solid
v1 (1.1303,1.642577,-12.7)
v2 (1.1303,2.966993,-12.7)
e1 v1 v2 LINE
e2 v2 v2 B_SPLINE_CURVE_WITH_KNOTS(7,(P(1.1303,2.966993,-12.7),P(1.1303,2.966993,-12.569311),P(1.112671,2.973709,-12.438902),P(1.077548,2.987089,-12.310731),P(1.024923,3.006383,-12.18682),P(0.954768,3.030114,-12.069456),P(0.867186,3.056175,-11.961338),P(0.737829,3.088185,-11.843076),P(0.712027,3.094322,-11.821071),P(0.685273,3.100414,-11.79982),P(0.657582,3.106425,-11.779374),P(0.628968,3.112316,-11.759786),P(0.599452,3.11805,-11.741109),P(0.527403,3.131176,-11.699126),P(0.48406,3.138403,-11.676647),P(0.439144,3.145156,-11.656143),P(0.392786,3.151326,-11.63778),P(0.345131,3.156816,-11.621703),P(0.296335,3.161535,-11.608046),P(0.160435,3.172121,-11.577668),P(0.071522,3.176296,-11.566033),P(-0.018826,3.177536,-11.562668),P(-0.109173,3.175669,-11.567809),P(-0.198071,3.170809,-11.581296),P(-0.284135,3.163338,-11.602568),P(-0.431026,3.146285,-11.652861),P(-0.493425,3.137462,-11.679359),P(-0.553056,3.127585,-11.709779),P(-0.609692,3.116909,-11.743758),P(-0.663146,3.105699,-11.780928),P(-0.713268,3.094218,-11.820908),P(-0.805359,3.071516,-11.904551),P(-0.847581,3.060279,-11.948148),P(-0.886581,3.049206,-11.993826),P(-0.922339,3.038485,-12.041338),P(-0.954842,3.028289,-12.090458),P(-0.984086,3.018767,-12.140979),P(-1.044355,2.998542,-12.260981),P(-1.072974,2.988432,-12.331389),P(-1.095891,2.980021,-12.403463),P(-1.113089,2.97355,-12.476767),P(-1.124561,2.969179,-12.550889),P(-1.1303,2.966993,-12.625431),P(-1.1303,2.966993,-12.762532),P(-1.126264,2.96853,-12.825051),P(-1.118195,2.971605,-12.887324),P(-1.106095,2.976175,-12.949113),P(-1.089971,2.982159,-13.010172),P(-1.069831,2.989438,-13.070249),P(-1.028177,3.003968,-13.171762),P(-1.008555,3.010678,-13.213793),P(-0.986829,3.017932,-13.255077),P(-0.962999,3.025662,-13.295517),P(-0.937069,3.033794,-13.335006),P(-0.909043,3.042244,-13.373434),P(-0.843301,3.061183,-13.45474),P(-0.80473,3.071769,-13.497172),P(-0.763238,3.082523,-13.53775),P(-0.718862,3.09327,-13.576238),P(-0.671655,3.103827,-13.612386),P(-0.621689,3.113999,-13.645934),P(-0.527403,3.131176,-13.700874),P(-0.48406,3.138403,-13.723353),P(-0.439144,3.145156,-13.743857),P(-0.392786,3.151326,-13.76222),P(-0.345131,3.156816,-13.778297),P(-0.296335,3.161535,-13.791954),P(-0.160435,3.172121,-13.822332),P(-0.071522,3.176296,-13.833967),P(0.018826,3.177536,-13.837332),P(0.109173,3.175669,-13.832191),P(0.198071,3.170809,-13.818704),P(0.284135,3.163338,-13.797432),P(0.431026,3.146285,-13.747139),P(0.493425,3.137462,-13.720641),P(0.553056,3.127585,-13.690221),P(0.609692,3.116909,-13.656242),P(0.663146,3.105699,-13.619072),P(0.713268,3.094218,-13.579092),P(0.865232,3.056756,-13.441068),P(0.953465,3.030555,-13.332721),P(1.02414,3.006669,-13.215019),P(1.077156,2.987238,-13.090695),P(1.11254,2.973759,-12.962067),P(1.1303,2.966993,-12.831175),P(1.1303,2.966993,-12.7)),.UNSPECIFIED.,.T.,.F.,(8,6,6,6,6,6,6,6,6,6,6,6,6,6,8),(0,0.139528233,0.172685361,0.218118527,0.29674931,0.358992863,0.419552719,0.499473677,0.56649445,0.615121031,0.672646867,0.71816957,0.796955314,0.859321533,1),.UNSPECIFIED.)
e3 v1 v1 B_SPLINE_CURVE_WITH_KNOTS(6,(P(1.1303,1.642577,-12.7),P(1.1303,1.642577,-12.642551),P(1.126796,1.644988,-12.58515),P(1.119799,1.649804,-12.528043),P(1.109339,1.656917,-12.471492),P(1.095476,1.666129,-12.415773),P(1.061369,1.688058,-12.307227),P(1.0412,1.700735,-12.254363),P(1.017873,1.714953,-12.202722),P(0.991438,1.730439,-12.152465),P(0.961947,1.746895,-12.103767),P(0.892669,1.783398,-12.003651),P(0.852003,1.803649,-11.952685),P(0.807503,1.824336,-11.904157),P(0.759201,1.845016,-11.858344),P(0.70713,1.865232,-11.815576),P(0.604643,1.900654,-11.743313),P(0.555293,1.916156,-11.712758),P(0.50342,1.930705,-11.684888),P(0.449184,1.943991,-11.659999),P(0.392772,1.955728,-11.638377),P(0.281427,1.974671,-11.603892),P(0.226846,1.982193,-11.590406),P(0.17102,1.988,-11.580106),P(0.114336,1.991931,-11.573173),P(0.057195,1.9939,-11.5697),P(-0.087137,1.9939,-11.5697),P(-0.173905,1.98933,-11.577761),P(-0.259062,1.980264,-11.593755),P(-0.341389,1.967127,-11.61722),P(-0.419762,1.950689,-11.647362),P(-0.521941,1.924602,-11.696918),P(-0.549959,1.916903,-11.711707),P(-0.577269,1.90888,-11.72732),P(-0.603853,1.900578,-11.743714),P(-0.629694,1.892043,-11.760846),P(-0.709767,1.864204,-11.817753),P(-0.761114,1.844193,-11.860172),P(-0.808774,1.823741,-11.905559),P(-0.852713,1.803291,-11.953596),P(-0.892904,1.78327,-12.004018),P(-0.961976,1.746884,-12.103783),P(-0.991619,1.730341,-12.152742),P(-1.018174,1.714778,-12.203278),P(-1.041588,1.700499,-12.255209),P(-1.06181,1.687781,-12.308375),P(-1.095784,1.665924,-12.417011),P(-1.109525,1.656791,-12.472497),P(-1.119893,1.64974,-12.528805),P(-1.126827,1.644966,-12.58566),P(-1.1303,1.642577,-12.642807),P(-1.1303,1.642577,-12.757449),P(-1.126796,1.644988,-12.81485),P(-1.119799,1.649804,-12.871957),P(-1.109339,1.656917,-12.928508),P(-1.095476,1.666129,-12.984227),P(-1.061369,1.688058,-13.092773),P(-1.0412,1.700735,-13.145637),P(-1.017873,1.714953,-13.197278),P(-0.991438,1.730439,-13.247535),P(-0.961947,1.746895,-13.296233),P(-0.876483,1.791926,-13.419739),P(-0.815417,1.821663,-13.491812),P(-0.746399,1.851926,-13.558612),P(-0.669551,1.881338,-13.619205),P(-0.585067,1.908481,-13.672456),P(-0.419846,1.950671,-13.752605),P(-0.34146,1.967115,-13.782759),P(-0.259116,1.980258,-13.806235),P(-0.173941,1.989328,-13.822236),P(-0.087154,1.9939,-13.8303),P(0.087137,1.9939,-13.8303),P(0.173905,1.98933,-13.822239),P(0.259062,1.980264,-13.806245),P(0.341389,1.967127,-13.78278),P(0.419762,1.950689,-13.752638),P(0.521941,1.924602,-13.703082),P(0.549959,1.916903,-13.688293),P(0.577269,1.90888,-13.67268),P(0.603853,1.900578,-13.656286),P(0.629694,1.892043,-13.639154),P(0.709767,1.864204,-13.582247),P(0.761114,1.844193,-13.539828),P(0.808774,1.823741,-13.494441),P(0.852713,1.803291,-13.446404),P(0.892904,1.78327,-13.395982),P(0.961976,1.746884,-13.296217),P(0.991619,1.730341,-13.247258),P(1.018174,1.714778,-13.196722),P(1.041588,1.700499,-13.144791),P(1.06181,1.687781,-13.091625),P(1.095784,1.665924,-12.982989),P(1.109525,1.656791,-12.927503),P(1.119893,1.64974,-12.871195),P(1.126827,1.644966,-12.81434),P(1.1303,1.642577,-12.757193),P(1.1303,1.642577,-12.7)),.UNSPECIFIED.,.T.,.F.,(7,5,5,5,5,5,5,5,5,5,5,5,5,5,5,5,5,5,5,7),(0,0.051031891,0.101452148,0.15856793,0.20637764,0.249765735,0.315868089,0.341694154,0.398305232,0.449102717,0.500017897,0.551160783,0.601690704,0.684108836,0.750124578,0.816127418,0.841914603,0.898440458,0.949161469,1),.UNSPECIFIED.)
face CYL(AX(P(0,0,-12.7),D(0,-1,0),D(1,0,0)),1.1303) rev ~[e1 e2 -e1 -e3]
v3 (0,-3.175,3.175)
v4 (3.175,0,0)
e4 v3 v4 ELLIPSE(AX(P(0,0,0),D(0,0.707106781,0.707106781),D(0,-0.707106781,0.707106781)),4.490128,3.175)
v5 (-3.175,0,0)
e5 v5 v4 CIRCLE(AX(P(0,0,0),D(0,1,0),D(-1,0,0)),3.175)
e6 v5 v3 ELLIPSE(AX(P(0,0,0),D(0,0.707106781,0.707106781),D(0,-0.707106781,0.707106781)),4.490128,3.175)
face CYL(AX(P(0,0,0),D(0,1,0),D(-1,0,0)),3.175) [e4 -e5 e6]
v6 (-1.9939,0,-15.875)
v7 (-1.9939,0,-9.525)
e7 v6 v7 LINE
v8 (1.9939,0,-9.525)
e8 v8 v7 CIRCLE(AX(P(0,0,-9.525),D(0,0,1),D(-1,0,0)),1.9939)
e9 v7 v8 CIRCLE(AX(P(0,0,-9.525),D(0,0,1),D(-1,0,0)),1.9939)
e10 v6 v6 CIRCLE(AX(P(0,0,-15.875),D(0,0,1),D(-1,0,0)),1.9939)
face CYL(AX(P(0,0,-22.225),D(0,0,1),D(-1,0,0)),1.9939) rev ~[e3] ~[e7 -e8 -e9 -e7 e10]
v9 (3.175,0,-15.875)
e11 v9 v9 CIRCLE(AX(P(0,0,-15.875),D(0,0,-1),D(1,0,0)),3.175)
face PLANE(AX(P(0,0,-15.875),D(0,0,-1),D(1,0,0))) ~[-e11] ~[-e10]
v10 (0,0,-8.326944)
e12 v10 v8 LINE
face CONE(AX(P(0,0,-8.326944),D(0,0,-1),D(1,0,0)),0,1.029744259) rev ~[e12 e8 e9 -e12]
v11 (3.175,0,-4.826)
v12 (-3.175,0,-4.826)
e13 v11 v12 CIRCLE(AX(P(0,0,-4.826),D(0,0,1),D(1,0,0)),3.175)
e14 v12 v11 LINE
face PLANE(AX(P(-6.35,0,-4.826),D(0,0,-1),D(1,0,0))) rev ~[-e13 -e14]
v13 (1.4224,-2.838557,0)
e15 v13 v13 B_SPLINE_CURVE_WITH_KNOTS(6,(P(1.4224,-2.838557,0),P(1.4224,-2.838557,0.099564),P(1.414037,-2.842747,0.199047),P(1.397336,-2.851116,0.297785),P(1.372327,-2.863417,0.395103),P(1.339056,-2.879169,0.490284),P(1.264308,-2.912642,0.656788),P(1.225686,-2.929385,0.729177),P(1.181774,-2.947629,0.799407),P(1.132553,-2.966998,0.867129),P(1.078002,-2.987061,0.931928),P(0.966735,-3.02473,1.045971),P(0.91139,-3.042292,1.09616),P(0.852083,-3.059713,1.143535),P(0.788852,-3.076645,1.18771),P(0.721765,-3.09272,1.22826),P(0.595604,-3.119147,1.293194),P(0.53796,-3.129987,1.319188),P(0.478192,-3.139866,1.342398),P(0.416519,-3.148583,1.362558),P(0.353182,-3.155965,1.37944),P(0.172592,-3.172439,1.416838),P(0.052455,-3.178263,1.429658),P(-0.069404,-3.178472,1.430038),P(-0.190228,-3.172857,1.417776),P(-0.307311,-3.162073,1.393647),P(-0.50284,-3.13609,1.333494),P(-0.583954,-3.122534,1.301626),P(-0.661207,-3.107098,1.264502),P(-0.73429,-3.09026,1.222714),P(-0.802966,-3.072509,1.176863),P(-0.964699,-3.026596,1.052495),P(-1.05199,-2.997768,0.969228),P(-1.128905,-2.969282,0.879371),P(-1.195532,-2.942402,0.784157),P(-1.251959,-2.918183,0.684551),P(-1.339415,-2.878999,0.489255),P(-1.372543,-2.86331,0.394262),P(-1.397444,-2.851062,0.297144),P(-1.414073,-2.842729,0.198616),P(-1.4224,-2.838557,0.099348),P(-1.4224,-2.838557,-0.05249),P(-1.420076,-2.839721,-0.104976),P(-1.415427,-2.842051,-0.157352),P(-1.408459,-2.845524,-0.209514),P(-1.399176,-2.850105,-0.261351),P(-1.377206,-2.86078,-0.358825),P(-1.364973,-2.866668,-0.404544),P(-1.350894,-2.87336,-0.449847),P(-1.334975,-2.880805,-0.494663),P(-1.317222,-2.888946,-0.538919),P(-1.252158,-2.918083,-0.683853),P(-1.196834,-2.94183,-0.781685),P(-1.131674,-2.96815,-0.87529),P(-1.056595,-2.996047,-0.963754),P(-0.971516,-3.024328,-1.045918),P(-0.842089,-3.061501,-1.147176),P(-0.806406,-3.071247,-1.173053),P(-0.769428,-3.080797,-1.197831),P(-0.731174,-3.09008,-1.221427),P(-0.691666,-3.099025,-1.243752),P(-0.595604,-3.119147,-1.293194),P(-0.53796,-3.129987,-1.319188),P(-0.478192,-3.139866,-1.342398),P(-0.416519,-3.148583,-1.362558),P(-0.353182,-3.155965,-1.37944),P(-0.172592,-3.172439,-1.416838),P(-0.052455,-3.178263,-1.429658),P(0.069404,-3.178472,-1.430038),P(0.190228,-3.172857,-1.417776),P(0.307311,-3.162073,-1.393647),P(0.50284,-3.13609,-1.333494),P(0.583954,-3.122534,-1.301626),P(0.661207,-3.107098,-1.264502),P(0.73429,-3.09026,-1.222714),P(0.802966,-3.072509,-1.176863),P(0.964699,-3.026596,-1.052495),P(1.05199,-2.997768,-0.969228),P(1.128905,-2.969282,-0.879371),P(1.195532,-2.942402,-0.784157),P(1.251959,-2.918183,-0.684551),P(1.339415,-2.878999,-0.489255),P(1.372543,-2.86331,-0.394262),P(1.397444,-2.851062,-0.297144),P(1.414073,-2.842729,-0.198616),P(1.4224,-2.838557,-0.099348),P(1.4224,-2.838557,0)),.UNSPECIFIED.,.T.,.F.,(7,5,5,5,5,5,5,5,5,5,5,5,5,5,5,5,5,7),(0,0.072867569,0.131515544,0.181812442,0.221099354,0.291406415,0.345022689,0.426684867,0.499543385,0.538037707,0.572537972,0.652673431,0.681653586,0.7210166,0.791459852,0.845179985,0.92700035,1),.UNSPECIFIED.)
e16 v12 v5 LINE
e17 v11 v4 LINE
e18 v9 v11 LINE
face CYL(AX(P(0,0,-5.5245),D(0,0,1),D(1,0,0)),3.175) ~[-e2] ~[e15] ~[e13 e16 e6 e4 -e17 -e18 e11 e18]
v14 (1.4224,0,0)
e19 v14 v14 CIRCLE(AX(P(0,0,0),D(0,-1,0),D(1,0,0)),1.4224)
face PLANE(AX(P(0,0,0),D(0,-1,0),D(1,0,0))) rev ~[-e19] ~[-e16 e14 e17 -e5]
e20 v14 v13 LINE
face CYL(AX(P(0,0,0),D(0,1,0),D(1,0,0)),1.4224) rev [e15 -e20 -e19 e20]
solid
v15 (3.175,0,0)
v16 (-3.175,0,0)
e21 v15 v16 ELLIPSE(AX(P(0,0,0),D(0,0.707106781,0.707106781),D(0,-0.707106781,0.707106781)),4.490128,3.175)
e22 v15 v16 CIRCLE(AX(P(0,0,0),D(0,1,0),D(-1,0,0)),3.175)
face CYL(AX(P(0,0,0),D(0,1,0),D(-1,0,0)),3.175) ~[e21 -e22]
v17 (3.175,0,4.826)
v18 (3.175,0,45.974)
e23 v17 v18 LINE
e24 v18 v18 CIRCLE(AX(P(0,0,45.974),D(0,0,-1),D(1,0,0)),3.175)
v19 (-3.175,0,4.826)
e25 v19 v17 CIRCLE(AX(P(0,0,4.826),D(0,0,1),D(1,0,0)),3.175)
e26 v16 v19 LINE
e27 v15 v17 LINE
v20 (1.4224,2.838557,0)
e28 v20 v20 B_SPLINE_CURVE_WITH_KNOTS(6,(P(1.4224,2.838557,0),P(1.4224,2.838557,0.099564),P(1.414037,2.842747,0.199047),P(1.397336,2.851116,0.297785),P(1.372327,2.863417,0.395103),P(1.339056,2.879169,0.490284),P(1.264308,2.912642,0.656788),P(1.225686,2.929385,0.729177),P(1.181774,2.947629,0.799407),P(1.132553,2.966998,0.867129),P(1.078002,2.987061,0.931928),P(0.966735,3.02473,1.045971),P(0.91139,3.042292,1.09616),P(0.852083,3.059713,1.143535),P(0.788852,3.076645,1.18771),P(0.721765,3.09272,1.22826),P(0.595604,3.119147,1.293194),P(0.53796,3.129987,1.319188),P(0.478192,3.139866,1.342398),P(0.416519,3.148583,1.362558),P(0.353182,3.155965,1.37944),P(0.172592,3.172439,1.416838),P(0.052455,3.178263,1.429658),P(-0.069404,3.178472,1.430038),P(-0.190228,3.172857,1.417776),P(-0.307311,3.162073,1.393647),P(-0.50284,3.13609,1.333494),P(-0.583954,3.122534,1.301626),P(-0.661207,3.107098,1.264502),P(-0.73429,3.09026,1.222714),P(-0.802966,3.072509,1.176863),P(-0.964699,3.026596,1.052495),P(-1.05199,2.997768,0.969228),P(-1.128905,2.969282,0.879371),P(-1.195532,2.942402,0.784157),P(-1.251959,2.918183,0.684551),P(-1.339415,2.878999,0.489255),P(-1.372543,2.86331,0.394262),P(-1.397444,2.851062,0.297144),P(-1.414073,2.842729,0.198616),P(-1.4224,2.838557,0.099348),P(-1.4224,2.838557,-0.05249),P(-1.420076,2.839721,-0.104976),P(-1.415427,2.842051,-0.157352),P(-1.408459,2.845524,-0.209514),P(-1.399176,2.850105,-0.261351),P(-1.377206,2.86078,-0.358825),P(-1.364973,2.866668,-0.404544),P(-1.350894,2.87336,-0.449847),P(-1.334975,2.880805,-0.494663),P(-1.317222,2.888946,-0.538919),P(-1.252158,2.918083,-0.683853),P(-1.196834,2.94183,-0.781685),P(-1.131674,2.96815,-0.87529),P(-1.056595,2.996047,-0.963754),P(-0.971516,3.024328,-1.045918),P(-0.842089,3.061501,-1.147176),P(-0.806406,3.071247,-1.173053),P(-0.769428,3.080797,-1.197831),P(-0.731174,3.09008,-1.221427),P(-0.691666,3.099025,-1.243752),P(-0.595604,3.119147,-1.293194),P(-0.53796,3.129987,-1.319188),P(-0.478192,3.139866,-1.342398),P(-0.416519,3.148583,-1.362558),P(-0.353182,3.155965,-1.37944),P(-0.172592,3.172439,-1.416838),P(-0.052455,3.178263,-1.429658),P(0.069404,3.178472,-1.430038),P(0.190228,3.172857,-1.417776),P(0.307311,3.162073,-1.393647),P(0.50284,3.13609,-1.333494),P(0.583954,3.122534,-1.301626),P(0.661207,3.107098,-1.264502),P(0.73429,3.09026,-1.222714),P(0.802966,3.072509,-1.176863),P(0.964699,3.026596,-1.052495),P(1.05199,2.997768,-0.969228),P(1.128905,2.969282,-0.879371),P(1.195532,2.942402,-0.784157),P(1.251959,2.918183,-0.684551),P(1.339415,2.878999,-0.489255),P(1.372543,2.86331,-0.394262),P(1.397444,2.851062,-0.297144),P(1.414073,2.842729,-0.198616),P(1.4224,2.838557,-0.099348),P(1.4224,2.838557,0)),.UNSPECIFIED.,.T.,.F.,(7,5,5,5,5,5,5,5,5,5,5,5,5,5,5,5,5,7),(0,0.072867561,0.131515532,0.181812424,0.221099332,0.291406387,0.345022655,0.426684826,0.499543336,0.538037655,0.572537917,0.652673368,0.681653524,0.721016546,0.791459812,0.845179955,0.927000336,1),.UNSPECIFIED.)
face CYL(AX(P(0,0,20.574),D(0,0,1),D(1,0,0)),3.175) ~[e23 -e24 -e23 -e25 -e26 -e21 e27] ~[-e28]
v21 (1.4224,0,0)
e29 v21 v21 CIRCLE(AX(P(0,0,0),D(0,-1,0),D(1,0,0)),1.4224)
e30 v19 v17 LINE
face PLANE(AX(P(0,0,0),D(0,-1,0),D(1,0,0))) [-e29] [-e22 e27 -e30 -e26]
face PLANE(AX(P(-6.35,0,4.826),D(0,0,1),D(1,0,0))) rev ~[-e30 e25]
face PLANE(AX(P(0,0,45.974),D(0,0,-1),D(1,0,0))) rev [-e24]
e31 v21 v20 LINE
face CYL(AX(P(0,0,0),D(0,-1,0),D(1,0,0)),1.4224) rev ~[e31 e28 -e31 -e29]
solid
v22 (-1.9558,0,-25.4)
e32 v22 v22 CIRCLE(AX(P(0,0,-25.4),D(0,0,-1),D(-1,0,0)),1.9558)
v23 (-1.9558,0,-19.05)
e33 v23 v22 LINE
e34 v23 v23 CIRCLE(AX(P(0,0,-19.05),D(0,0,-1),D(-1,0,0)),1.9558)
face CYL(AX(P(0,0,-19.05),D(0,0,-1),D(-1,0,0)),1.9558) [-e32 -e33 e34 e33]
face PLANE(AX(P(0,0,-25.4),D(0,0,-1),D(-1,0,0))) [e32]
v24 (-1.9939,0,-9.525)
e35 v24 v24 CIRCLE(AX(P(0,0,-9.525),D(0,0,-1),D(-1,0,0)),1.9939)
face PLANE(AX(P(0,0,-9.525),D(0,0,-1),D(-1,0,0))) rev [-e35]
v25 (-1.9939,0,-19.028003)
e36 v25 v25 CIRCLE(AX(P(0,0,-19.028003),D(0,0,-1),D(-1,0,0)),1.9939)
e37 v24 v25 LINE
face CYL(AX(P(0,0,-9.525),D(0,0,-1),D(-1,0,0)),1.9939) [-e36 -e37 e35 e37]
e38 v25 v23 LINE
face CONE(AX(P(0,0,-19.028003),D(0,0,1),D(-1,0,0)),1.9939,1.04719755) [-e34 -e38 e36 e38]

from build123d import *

# Parameters (mm, degrees)
F0_W      = 3.175
F0_H      = 50.8
F2_W      = 12.7
F2_H      = 9.652
F3_DEPTH  = 3.176
F4_R      = 1.4224
F5_DEPTH  = 3.176
F6_W      = 9.525
F6_H      = 12.7
F7_ANGLE  = 180
F8_W      = 3.175
F8_H      = 20.701
F10_DEPTH = 3.1760001015
F11_DEPTH = 3.1760001
F12_ANGLE = 180
F14_D     = 3.9878
F14_DEPTH = 6.35
F14_TIP   = 1.1980559883
F16_D     = 2.2606
F16_DEPTH = 3.1760001


with BuildPart() as f1:
    # F0 (on Front) → F1 (revolve)
    with BuildSketch(Plane.XZ):
        with Locations((1.5875, 20.574)):
            Rectangle(F0_W, F0_H)
    revolve(axis=Axis((0, 0, -0.0774394058), (0, 0, -1)))

    # F2 (on Front) → F3 (cut, through all)
    with BuildSketch(Plane.XZ):
        Rectangle(F2_W, F2_H)
    extrude(amount=F3_DEPTH, mode=Mode.SUBTRACT)

    # F4 (on Front) → F5 (cut, through all)
    with BuildSketch(Plane.XZ):
        Circle(F4_R)
    extrude(amount=-F5_DEPTH, mode=Mode.SUBTRACT)

    # F6 (on Top) → F7 (revolve, cut)
    with BuildSketch(Plane.XY):
        with Locations((-7.9375, 0)):
            Rectangle(F6_W, F6_H)
    revolve(axis=Axis((0, -3.175, 0), (0, -1, 0)), revolution_arc=F7_ANGLE, mode=Mode.SUBTRACT)


with BuildPart() as f9:
    # F8 (on Front) → F9 (revolve)
    with BuildSketch(Plane.XZ):
        with Locations((1.5875, -5.5245)):
            Rectangle(F8_W, F8_H)
    revolve(axis=Axis((0, 0, -13.9308571815), (0, 0, -1)))

    # F2 (on Front) → F10 (cut, through all)
    with BuildSketch(Plane.XZ):
        Rectangle(F2_W, F2_H)
    extrude(amount=-F10_DEPTH, mode=Mode.SUBTRACT)

    # F4 (on Front) → F11 (cut, through all)
    with BuildSketch(Plane.XZ):
        Circle(F4_R)
    extrude(amount=F11_DEPTH, mode=Mode.SUBTRACT)

    # F6 (on Top) → F12 (revolve, cut)
    with BuildSketch(Plane.XY):
        with Locations((-7.9375, 0)):
            Rectangle(F6_W, F6_H)
    revolve(axis=Axis((0, -3.175, 0), (0, 1, 0)), revolution_arc=F12_ANGLE, mode=Mode.SUBTRACT)

    # F14
    with Locations(Plane(origin=(0, 0, -15.875), x_dir=(1, 0, 0), z_dir=(0, 0, -1))):
        with Locations((0, 0)):
            Hole(F14_D / 2, depth=F14_DEPTH)
            with Locations((0, 0, -(F14_DEPTH + F14_TIP / 2))):  # 118° drill point
                Cone(0, F14_D / 2, F14_TIP, mode=Mode.SUBTRACT)

    # F16 (through all, one way)
    with BuildSketch(Plane.XZ):
        with Locations((0, -12.7)):
            Circle(F16_D / 2)
    extrude(amount=-F16_DEPTH, mode=Mode.SUBTRACT)


with BuildPart() as f18:
    # F17 (on Front) → F18 (revolve)
    with BuildSketch(Plane.XZ):
        Polygon((-1.9558, -25.4), (0, -25.4), (0, -9.525), (-1.9939, -9.525), (-1.9939, -19.0280029547), (-1.9558, -19.05), align=None)
    revolve(axis=Axis((0, 0, -19.8815774623), (0, 0, -1)))


solid = Compound([f1.part, f9.part, f18.part])
